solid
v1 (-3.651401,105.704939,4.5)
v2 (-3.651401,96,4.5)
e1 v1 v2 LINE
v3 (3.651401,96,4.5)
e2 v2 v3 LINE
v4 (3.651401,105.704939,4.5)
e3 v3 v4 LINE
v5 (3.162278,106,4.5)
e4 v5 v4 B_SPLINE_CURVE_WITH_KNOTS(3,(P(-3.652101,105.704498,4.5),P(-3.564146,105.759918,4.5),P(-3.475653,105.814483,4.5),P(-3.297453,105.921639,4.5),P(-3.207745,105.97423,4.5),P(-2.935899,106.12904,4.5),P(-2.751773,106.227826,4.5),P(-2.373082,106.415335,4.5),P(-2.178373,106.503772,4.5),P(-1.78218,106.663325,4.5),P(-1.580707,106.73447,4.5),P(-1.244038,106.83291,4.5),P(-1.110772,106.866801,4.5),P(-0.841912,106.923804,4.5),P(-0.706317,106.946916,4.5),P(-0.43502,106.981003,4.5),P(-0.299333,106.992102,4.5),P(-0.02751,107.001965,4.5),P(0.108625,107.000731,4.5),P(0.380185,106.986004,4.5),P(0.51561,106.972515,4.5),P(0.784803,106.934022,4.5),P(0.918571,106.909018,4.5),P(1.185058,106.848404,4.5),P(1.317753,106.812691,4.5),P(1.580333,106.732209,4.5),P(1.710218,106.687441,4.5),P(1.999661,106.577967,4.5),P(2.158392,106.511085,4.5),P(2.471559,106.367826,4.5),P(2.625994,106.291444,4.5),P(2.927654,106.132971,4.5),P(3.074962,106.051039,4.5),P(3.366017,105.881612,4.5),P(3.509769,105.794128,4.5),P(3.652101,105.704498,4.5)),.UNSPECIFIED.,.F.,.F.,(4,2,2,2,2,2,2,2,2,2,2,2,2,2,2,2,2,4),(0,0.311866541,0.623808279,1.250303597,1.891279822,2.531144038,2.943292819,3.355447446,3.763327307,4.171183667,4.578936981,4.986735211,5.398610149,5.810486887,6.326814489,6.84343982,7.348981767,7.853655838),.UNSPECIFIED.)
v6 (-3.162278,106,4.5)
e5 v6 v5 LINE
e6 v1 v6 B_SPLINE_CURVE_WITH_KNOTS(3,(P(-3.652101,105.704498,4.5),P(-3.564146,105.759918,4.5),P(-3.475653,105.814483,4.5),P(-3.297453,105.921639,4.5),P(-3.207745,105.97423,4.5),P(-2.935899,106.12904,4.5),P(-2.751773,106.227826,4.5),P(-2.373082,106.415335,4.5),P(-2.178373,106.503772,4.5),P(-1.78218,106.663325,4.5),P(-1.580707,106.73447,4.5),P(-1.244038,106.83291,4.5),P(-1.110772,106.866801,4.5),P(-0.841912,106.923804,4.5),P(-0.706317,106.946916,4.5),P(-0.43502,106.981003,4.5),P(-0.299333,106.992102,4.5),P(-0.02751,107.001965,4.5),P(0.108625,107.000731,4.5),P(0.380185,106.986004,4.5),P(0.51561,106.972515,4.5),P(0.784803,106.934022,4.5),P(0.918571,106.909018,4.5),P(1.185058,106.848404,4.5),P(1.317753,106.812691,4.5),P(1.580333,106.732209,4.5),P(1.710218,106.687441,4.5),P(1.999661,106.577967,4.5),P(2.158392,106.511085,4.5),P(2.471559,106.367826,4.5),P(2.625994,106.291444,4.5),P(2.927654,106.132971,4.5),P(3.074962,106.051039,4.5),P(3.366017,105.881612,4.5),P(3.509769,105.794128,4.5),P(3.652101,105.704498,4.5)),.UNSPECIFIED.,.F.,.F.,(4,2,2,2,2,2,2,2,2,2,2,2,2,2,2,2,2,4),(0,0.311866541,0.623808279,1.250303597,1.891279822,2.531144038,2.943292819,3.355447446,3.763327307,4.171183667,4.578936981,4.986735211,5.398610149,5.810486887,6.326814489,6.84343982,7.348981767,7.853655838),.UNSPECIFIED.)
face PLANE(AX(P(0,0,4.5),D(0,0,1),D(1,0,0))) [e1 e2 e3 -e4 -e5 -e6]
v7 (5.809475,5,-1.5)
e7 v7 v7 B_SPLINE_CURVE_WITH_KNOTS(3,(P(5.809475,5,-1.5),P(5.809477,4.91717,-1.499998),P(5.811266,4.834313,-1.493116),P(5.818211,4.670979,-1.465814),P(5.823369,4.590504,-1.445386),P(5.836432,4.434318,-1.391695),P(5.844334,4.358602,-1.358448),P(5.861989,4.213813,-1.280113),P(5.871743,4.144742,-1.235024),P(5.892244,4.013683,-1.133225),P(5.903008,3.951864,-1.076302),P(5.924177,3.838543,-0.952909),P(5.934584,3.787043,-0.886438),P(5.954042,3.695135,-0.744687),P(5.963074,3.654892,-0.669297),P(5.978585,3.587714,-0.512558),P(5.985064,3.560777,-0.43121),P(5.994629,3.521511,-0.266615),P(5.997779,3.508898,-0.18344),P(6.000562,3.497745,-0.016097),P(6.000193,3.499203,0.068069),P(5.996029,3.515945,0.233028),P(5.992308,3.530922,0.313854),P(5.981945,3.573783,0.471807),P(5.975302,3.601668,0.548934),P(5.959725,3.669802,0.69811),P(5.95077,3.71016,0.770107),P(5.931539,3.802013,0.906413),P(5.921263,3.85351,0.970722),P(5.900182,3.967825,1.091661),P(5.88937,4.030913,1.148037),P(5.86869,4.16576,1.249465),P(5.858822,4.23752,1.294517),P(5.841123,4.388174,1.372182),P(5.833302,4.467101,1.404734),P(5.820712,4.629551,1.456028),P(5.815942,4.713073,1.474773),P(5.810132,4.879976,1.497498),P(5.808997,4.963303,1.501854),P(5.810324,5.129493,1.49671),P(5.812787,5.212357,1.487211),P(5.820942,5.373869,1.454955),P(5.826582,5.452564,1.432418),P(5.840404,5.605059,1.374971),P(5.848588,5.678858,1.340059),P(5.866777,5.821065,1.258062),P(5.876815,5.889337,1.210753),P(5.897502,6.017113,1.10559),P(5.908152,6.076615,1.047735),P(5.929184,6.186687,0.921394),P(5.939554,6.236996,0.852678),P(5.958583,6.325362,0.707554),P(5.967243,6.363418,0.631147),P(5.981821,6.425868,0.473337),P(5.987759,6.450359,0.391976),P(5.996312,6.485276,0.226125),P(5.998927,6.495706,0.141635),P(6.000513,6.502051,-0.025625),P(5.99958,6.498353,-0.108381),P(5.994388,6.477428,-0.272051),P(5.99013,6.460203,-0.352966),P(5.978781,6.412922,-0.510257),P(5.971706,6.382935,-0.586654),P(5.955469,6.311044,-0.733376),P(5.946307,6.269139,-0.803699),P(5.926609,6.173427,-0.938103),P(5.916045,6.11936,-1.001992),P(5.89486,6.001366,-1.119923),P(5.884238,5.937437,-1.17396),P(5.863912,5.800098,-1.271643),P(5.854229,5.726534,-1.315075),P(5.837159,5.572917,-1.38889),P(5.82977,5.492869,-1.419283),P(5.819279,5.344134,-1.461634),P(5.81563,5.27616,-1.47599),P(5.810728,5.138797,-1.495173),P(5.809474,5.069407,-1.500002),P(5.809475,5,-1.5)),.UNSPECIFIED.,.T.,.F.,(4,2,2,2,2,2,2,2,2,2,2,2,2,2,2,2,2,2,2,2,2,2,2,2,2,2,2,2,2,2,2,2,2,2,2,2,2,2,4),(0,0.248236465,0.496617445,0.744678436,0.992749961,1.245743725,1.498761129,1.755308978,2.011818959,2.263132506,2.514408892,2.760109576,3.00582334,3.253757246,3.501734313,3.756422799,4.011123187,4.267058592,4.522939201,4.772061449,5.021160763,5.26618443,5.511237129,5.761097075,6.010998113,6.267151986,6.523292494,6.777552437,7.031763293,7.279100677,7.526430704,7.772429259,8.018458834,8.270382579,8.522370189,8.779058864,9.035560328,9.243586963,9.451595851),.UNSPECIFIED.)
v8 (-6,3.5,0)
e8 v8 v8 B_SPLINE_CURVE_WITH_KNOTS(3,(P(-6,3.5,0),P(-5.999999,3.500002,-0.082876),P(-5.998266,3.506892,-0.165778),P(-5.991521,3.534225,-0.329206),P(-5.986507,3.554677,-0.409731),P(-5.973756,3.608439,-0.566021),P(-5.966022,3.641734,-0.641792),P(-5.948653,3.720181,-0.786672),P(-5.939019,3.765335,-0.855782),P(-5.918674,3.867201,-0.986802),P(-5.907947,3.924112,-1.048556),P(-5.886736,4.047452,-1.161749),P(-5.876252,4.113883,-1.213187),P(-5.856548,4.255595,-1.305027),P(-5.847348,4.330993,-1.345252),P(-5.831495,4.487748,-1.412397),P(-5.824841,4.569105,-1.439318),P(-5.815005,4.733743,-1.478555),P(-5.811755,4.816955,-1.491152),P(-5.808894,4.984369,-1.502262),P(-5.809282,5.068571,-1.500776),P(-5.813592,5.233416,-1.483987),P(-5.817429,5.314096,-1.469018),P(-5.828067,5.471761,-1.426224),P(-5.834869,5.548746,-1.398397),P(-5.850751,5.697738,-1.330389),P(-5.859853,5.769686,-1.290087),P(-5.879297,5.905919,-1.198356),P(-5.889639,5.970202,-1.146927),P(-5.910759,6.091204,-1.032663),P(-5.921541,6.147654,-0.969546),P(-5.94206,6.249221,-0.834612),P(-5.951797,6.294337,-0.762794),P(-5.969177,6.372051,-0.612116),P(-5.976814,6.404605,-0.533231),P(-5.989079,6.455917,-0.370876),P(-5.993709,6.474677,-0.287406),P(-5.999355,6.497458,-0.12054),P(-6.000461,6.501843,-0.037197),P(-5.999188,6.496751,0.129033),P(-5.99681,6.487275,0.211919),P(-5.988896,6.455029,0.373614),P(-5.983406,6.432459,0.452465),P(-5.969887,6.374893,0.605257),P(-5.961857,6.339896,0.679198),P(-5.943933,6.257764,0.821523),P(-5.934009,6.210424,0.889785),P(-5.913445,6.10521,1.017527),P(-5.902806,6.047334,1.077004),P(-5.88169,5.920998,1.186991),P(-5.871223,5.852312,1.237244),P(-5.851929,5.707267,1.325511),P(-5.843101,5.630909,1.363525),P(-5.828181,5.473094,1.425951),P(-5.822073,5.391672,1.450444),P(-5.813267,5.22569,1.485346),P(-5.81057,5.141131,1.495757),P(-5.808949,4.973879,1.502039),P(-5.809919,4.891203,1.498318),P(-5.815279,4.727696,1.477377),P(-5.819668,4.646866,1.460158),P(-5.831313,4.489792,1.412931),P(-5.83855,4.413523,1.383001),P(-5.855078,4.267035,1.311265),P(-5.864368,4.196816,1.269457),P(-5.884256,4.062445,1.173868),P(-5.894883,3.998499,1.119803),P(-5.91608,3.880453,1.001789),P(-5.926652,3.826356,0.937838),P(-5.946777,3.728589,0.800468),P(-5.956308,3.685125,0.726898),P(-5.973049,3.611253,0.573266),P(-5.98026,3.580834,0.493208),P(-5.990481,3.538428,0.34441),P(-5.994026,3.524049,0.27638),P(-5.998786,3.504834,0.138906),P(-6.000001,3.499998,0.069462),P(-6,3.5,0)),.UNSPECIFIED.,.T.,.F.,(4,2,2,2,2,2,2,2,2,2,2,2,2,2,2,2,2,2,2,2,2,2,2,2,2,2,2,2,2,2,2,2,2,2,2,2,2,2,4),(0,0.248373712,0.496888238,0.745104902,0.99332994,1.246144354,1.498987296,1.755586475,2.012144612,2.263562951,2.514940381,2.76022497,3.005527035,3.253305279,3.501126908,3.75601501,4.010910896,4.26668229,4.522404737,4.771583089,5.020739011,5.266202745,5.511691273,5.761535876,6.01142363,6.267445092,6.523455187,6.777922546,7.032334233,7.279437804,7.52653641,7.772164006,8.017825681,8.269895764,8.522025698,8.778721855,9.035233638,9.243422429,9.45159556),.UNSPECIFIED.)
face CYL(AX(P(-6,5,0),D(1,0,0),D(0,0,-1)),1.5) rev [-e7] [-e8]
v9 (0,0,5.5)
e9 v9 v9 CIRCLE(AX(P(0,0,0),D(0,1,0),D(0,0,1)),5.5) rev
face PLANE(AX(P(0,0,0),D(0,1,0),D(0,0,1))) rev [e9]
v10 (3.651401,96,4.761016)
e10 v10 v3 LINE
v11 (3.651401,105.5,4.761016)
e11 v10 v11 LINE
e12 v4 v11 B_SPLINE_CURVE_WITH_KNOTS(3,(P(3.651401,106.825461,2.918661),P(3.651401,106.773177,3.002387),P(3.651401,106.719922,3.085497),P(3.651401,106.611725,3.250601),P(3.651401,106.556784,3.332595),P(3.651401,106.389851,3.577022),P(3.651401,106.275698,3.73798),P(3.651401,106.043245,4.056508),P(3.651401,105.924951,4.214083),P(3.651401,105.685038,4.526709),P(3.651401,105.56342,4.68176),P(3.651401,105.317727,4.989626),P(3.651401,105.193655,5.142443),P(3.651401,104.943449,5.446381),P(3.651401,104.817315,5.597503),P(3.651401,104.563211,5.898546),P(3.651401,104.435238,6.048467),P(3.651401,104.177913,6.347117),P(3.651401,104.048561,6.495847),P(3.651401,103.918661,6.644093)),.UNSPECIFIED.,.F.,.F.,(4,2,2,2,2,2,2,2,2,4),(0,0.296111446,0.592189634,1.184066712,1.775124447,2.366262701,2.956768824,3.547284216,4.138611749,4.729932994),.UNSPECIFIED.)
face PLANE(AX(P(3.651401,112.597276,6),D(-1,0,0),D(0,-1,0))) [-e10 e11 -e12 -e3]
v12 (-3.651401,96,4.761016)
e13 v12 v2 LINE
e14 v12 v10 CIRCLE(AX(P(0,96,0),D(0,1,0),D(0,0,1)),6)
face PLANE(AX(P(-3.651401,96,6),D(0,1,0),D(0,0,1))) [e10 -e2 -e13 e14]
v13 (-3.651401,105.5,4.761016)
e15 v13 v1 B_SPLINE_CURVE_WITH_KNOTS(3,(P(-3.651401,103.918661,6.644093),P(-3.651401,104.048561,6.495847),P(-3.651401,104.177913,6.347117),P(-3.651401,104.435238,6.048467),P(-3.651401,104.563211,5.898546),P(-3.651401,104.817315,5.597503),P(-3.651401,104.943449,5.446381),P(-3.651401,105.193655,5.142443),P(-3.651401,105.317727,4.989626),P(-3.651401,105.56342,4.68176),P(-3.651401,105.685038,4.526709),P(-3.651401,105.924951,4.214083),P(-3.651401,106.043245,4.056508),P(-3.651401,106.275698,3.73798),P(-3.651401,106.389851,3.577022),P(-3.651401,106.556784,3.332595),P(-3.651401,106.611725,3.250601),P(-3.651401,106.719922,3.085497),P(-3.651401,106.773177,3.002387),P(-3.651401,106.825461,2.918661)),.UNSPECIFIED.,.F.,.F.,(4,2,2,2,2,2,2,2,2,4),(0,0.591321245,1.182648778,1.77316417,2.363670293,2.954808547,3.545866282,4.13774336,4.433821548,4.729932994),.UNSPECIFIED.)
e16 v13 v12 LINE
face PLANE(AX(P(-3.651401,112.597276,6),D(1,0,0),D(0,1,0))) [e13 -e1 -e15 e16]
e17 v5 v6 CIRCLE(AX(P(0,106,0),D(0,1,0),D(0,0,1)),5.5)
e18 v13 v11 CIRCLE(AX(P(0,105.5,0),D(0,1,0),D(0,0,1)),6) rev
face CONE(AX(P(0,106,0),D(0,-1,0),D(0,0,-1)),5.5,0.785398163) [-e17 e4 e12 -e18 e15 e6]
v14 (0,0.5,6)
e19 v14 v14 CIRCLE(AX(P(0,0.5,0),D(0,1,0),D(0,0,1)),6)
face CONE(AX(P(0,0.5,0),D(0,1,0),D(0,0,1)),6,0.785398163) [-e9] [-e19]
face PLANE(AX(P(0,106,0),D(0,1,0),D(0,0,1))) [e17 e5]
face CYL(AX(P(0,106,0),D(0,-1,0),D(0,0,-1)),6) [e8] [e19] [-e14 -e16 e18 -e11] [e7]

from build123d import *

# Parameters (mm, degrees)
SKETCH1_R               = 6
BOSS_EXTRUDE1_DEPTH     = 106
CHAMFER1_SIZE           = 0.5
CUT_EXTRUDE1_DEPTH      = 107.339080304
CUT_EXTRUDE1_DEPTH_BACK = 107.339080304
SKETCH2_R               = 1.5
SKETCH4_W               = 7.302801642
SKETCH4_H               = 16.597276459
CUT_EXTRUDE2_DEPTH      = 107.687628166


with BuildPart() as part:
    # Sketch1 → Boss-Extrude1 (new body)
    with BuildSketch(Plane(origin=(0, 0, 0), x_dir=(1, 0, 0), z_dir=(0, 1, 0))):
        with Locations(Location((0, 0, 0), (0, 0, 270))):
            Circle(SKETCH1_R)
    extrude(amount=BOSS_EXTRUDE1_DEPTH)

    # Chamfer1
    chamfer1_edges = [part.edges().sort_by_distance(p)[0] for p in [
        (0, 0, -6),
        (0, 106, -6),
    ]]
    chamfer(chamfer1_edges, length=CHAMFER1_SIZE)

    # Sketch2 → Cut-Extrude1 (cut, two sides: drawn at the far end of the back side and taken through both)
    with BuildSketch(Plane(origin=(0, 0, 0), x_dir=(0, 0, -1), z_dir=(1, 0, 0)).offset(-CUT_EXTRUDE1_DEPTH_BACK)):
        with Locations((0, 5)):
            Circle(SKETCH2_R)
    extrude(amount=CUT_EXTRUDE1_DEPTH + CUT_EXTRUDE1_DEPTH_BACK, mode=Mode.SUBTRACT)

    # Sketch4 → Cut-Extrude2 (cut, through all)
    with BuildSketch(Plane.XY.offset(4.5)):
        with Locations((0, 104.298638229)):
            Rectangle(SKETCH4_W, SKETCH4_H)
    extrude(amount=CUT_EXTRUDE2_DEPTH, mode=Mode.SUBTRACT)


solid = part.part
